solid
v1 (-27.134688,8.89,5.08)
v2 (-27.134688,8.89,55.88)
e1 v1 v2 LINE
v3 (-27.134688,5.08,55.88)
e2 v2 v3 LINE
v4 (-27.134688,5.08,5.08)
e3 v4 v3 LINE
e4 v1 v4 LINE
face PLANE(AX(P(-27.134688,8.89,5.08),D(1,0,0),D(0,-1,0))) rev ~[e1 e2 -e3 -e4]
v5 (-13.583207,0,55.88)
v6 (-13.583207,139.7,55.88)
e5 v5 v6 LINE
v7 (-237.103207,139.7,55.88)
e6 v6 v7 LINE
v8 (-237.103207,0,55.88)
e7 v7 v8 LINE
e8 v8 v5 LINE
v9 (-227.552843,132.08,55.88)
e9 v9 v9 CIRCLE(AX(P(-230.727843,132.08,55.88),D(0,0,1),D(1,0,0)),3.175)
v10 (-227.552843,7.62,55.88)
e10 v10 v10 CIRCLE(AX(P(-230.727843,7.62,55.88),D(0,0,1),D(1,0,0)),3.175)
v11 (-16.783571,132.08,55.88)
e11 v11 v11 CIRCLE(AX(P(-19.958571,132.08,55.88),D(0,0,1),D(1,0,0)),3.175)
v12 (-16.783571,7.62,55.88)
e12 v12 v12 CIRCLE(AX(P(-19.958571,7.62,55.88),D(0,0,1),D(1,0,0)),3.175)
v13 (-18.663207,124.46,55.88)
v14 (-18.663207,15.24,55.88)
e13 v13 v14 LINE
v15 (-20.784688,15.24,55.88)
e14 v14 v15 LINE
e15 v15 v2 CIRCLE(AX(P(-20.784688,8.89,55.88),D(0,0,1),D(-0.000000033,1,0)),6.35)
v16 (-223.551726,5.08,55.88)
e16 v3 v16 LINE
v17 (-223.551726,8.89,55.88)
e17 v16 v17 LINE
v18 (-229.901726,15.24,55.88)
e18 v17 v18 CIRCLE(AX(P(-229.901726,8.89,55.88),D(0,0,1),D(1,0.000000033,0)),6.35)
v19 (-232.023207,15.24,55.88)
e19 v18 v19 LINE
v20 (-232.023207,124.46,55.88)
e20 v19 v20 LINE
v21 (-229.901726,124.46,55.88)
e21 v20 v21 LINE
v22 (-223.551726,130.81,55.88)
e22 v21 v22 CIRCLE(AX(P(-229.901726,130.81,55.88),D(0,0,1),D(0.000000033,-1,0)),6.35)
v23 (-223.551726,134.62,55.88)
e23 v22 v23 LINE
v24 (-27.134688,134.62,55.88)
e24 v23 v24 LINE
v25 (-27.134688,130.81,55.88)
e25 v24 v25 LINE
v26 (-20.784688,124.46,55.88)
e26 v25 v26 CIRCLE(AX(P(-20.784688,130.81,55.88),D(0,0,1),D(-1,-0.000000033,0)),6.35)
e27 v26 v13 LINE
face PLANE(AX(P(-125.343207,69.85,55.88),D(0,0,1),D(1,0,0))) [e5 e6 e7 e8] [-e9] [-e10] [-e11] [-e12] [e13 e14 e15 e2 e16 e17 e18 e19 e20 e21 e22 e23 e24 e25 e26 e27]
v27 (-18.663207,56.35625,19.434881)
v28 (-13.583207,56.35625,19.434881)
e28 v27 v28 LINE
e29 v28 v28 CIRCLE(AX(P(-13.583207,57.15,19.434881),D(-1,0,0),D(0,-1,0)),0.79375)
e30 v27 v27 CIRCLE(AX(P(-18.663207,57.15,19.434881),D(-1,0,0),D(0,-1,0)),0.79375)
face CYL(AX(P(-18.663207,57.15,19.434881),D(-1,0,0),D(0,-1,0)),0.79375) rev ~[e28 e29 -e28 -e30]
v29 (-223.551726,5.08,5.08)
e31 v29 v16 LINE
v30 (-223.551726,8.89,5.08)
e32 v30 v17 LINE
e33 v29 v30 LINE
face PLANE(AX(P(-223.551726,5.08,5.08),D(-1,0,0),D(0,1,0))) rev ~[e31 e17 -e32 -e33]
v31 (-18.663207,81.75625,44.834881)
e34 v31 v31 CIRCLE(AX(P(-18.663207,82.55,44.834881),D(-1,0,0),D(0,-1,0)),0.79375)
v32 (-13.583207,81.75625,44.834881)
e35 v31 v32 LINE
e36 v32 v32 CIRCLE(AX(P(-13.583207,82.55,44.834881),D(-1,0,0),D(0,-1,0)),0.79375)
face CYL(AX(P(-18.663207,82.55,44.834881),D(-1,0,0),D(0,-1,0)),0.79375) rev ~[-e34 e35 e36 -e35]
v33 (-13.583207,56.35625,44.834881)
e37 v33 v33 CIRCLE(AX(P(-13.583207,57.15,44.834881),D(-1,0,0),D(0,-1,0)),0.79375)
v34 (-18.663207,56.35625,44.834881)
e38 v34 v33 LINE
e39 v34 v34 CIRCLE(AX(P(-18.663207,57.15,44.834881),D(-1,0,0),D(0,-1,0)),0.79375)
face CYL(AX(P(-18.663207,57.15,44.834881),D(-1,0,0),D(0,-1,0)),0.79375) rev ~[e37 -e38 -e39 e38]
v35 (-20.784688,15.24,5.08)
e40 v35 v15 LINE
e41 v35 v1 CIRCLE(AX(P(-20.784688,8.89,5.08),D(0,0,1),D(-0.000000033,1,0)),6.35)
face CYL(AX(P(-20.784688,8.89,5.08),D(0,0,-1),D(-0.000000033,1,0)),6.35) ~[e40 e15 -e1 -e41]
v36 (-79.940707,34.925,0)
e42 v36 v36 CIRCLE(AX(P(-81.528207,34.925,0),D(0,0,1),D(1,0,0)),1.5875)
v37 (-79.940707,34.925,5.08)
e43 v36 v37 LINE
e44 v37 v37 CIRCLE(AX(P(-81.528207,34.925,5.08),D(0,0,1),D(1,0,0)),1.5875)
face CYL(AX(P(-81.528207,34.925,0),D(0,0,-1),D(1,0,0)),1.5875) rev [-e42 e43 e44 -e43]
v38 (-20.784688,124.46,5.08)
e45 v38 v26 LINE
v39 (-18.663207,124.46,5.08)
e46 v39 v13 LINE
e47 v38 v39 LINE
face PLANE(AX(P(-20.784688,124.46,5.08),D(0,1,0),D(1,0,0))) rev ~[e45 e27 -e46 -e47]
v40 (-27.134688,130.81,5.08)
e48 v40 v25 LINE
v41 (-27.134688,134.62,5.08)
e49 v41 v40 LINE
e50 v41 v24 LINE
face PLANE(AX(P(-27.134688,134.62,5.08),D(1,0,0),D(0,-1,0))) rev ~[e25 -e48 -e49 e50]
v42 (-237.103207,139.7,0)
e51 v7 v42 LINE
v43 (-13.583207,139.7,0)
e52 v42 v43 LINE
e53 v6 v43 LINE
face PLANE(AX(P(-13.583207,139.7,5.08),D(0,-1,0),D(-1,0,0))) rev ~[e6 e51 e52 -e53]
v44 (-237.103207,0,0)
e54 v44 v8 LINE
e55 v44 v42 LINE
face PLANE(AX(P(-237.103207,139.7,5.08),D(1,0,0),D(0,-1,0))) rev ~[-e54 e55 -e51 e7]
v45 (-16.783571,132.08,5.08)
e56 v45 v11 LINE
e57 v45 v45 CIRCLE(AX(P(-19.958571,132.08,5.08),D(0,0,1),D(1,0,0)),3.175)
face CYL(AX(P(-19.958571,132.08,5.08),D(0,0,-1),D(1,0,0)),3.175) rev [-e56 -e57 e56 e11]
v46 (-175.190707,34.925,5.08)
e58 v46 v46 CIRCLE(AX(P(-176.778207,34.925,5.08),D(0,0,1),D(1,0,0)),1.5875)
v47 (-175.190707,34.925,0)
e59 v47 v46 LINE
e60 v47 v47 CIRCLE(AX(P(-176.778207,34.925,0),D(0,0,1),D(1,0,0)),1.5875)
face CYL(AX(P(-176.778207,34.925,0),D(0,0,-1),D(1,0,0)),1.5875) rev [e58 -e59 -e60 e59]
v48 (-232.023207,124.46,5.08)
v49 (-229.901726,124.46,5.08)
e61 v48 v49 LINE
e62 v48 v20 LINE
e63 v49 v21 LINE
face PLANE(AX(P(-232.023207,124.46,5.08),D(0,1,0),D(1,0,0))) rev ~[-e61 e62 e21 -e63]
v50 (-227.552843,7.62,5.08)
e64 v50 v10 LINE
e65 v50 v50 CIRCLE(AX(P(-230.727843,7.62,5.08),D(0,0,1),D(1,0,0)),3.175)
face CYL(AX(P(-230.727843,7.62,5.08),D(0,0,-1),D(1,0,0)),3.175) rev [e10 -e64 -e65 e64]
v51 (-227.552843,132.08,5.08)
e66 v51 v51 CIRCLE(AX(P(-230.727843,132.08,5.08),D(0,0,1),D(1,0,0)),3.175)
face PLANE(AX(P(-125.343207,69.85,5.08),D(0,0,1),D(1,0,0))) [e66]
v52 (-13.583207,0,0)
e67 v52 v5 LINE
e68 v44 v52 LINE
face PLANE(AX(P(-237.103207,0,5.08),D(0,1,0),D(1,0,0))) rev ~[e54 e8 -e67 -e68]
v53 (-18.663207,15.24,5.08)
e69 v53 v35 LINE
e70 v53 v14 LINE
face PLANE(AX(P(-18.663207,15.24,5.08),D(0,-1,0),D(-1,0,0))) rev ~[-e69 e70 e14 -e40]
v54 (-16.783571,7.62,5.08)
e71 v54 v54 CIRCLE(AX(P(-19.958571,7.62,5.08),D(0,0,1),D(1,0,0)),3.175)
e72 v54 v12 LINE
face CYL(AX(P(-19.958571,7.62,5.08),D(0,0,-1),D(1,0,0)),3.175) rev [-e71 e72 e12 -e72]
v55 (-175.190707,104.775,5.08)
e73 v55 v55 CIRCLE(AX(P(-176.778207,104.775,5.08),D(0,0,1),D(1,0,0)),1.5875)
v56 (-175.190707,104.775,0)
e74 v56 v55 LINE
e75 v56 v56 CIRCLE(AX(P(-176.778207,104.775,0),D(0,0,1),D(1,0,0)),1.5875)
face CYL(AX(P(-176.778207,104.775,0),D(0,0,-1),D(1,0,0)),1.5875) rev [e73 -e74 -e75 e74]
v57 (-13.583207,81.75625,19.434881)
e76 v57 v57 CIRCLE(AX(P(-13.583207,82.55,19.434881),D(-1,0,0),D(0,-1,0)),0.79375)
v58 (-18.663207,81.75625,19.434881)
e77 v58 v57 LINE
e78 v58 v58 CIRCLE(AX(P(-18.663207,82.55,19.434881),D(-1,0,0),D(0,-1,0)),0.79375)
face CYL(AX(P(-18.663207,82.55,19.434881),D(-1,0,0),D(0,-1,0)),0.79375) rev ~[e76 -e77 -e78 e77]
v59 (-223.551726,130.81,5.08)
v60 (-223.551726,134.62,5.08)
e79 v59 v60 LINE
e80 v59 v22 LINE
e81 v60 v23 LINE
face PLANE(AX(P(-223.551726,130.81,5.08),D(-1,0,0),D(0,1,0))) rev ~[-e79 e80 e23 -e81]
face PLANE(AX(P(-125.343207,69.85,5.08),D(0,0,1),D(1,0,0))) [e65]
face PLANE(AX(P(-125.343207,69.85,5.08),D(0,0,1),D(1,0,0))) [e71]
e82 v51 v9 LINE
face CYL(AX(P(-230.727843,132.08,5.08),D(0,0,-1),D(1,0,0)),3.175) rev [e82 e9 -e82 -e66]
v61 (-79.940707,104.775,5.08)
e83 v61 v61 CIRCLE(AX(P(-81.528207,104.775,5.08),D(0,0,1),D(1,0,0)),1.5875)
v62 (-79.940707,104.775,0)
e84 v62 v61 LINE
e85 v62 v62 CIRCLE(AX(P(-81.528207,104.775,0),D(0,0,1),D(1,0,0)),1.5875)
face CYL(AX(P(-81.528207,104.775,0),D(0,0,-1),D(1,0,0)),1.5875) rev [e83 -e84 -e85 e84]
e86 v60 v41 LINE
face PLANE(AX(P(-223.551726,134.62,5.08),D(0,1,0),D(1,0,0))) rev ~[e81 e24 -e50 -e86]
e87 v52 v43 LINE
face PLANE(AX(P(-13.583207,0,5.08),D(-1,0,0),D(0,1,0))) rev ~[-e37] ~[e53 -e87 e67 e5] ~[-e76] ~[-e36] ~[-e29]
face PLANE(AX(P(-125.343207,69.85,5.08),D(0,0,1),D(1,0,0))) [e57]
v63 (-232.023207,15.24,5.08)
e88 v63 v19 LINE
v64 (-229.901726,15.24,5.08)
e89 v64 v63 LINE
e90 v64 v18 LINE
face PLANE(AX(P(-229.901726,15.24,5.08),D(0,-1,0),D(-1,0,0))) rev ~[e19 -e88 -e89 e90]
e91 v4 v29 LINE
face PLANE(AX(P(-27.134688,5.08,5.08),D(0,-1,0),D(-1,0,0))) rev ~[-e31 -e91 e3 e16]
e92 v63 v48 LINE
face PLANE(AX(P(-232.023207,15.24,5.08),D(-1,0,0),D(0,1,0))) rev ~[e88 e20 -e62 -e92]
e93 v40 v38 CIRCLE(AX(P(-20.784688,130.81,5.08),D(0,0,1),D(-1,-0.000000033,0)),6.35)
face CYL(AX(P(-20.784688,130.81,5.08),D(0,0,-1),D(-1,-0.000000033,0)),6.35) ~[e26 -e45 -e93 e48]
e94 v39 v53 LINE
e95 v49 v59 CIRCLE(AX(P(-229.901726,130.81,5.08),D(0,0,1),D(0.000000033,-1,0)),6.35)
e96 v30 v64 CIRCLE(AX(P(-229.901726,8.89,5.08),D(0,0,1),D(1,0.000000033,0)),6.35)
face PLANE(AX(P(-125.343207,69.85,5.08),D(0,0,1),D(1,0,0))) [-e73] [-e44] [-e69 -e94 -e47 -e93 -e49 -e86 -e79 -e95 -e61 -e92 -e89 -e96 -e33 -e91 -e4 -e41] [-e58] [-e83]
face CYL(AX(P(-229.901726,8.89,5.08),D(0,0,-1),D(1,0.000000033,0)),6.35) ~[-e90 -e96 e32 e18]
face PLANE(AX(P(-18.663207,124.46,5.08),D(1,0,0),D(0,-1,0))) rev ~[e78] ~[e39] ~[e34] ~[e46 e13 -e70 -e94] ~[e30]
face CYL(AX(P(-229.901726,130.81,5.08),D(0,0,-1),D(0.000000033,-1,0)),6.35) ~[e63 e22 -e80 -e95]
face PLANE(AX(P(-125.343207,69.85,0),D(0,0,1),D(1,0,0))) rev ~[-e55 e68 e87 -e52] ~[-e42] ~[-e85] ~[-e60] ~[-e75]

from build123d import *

# Parameters (mm, degrees)
F0_W     = 223.52
F0_H     = 139.7
F0_R     = 1.5875
F1_DEPTH = 5.08
F2_R     = 3.175
F3_DEPTH = 50.8
F4_R     = 0.79375
F5_DEPTH = 51.562


with BuildPart() as f1:
    # F0 (on Top) → F1 (new body)
    with BuildSketch(Plane.XY):
        with Locations((-125.343207, 69.85)):
            Rectangle(F0_W, F0_H)
        with Locations((-176.778207, 34.925)):
            Circle(F0_R, mode=Mode.SUBTRACT)
        with Locations((-81.528207, 34.925)):
            Circle(F0_R, mode=Mode.SUBTRACT)
        with Locations((-176.778207, 104.775)):
            Circle(F0_R, mode=Mode.SUBTRACT)
        with Locations((-81.528207, 104.775)):
            Circle(F0_R, mode=Mode.SUBTRACT)
    extrude(amount=F1_DEPTH)

    # F2 (on face) → F3 (join)
    with BuildSketch(Plane.XY.offset(5.08)):
        Polygon((-229.483207, 139.7), (-237.103207, 139.7), (-237.103207, 132.08), (-237.103207, 124.46), (-237.103207, 15.24), (-237.103207, 7.62), (-237.103207, 0), (-229.483207, 0), (-221.863207, 0), (-125.343207, 0), (-28.823207, 0), (-21.203207, 0), (-13.583207, 0), (-13.583207, 7.62), (-13.583207, 15.24), (-13.583207, 124.46), (-13.583207, 132.08), (-13.583207, 139.7), (-21.203207, 139.7), (-28.823207, 139.7), (-125.343207, 139.7), (-221.863207, 139.7), align=None)
        with Locations((-230.727843, 7.62)):
            Circle(F2_R, mode=Mode.SUBTRACT)
        with Locations((-19.958571, 7.62)):
            Circle(F2_R, mode=Mode.SUBTRACT)
        with Locations((-230.727843, 132.08)):
            Circle(F2_R, mode=Mode.SUBTRACT)
        with BuildLine():
            Line((-232.023207, 15.24), (-232.023207, 124.46))
            Line((-232.023207, 124.46), (-229.901726, 124.46))
            ThreePointArc((-229.901726, 124.46), (-225.411598, 126.319872), (-223.551726, 130.81))
            Line((-223.551726, 130.81), (-223.551726, 134.62))
            Line((-223.551726, 134.62), (-125.343207, 134.62))
            Line((-125.343207, 134.62), (-27.134688, 134.62))
            Line((-27.134688, 134.62), (-27.134688, 130.81))
            ThreePointArc((-27.134688, 130.81), (-25.274816, 126.319872), (-20.784688, 124.46))
            Line((-20.784688, 124.46), (-18.663207, 124.46))
            Line((-18.663207, 124.46), (-18.663207, 15.24))
            Line((-18.663207, 15.24), (-20.784688, 15.24))
            ThreePointArc((-20.784688, 15.24), (-25.274816, 13.380128), (-27.134688, 8.89))
            Line((-27.134688, 8.89), (-27.134688, 5.08))
            Line((-27.134688, 5.08), (-125.343207, 5.08))
            Line((-125.343207, 5.08), (-223.551726, 5.08))
            Line((-223.551726, 5.08), (-223.551726, 8.89))
            ThreePointArc((-223.551726, 8.89), (-225.411598, 13.380128), (-229.901726, 15.24))
            Line((-229.901726, 15.24), (-232.023207, 15.24))
        make_face(mode=Mode.SUBTRACT)
        with Locations((-19.958571, 132.08)):
            Circle(F2_R, mode=Mode.SUBTRACT)
    extrude(amount=F3_DEPTH)

    # F4 (on face) → F5 (cut)
    with BuildSketch(Plane(origin=(-18.663207, 0, 0), x_dir=(0, -1, 0), z_dir=(-1, 0, 0))):
        with Locations((-82.55, 44.834881)):
            Circle(F4_R)
        with Locations((-57.15, 44.834881)):
            Circle(F4_R)
        with Locations((-82.55, 19.434881)):
            Circle(F4_R)
        with Locations((-57.15, 19.434881)):
            Circle(F4_R)
    extrude(amount=-F5_DEPTH, mode=Mode.SUBTRACT)


solid = f1.part
